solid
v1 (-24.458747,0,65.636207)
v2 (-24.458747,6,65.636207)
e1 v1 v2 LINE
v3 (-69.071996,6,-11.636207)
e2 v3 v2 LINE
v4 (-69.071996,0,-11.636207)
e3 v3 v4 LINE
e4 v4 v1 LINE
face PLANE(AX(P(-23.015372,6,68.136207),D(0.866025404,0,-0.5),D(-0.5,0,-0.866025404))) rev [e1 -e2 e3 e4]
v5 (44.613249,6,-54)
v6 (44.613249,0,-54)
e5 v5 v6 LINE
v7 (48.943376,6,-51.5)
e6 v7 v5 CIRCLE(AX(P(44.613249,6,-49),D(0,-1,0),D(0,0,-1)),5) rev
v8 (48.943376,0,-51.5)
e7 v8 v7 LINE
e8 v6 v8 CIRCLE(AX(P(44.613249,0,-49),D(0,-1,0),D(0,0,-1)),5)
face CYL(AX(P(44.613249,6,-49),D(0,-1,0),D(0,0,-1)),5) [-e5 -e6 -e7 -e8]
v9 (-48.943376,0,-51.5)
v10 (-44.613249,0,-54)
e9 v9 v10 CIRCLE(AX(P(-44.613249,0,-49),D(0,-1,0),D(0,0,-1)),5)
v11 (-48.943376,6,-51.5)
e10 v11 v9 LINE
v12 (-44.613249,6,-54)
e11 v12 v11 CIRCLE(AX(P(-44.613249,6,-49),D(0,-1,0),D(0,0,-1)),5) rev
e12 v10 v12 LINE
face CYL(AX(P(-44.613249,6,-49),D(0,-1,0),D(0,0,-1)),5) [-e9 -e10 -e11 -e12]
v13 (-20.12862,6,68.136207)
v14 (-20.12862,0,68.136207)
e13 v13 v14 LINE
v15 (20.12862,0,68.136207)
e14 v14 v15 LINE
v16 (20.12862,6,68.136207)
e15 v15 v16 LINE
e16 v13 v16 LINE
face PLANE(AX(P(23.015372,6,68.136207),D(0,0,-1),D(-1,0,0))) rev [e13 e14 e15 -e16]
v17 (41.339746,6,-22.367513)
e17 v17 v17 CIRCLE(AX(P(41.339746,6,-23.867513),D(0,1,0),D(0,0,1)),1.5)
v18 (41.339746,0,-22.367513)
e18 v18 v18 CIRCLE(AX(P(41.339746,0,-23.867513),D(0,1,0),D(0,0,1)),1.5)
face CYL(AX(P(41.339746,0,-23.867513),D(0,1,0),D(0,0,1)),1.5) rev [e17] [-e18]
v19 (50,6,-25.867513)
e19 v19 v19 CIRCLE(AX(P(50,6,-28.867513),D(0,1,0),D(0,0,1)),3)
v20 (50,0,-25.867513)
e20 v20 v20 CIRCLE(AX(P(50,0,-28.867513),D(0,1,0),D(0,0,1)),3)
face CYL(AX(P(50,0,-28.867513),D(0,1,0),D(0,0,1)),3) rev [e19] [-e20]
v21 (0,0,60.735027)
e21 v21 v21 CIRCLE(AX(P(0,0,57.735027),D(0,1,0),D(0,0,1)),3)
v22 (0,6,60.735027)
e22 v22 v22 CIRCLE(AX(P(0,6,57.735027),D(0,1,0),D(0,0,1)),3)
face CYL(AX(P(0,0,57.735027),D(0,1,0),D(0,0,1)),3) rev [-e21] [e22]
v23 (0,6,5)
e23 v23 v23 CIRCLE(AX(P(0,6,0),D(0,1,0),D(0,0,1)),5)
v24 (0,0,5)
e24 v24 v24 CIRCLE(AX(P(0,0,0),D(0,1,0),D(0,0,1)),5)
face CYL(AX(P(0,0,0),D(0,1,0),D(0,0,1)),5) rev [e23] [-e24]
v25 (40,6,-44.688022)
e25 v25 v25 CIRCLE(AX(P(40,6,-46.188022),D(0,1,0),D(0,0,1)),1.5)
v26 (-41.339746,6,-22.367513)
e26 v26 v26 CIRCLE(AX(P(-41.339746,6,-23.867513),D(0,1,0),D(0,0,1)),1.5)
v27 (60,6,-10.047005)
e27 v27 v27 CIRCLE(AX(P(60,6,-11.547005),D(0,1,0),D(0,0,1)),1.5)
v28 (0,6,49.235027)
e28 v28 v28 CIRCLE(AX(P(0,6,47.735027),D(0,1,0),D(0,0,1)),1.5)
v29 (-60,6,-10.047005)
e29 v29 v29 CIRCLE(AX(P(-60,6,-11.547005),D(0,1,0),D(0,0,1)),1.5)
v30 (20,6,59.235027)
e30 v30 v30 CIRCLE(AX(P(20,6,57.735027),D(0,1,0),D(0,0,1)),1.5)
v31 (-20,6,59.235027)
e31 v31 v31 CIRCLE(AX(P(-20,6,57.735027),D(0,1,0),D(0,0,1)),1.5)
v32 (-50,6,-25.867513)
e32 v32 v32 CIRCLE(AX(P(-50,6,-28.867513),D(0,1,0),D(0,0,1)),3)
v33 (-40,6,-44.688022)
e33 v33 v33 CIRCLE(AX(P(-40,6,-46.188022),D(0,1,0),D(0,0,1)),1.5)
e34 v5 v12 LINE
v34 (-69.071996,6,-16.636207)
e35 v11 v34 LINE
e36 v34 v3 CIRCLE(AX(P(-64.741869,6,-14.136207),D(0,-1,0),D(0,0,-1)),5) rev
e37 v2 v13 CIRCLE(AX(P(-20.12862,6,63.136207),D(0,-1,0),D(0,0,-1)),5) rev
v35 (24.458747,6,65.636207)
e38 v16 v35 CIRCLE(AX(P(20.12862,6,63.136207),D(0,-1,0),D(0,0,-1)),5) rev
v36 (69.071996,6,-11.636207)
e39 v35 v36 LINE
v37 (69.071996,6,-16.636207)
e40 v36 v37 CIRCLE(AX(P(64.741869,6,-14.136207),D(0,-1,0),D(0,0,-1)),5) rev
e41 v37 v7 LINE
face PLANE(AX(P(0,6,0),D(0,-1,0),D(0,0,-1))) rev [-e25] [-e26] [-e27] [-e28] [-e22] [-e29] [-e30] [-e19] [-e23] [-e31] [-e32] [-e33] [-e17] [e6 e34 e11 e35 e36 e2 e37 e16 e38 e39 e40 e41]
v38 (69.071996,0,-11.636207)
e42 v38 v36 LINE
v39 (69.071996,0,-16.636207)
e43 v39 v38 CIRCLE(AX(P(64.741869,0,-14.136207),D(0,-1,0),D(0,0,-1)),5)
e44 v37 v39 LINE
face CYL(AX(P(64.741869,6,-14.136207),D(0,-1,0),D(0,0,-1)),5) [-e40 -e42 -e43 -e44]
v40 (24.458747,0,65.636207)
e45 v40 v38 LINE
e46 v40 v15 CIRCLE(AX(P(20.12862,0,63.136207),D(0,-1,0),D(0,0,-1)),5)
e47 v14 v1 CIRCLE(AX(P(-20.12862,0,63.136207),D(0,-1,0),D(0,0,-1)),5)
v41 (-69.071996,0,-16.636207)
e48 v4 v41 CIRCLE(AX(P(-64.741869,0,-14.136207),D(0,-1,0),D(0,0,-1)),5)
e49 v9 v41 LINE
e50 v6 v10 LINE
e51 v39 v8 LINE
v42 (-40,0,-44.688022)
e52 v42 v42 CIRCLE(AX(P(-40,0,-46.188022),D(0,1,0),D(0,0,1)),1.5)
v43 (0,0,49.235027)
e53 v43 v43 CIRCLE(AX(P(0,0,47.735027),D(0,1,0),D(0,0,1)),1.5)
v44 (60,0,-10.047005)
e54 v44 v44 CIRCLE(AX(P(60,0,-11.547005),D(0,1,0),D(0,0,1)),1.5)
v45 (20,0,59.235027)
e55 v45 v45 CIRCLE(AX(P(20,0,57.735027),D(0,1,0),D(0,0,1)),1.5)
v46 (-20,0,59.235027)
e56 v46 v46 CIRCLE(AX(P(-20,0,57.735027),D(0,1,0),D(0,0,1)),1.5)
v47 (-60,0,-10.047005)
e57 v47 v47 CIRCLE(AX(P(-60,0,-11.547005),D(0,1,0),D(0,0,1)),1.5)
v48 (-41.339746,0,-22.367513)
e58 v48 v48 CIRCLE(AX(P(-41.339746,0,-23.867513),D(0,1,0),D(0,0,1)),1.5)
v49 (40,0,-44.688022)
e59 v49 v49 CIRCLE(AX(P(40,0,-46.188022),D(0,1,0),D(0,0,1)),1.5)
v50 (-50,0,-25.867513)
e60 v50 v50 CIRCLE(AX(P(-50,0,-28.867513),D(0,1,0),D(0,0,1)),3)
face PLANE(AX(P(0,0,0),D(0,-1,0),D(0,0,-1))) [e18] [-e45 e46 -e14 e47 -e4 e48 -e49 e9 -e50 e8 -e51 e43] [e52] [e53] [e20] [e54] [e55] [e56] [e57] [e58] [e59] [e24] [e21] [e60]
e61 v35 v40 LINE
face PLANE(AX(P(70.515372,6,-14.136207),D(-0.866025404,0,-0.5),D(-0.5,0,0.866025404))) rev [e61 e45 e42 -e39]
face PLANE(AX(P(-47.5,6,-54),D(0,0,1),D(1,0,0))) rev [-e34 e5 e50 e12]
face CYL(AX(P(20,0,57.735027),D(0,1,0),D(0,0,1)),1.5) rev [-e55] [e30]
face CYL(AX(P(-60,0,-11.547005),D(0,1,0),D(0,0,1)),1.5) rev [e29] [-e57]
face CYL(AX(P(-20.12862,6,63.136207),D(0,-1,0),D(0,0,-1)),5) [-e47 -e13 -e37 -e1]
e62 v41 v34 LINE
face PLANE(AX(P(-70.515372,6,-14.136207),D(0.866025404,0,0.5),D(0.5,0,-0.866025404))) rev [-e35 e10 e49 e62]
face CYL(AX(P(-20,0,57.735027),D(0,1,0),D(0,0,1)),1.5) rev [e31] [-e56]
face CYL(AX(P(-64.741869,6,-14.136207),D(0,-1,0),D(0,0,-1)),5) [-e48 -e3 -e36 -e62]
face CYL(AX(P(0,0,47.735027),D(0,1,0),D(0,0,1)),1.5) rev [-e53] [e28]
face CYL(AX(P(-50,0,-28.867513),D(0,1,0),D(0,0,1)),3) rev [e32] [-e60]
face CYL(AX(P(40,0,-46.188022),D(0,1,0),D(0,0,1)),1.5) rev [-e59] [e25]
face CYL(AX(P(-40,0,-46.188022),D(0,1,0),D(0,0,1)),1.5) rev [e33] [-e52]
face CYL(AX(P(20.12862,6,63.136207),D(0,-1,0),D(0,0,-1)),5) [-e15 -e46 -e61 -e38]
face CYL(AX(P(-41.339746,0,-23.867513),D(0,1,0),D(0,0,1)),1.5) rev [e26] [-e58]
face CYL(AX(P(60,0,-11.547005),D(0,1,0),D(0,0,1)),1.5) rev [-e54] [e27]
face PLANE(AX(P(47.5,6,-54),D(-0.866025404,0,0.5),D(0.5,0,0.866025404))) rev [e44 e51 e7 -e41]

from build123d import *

# Parameters (mm, degrees)
BOSS_EXTRUDE1_DEPTH = 6
SKETCH2_R           = 3
SKETCH2_R_2         = 1.5
CUT_EXTRUDE1_DEPTH  = 7
FILLET1_R           = 5
SKETCH4_R           = 5
CUT_EXTRUDE3_DEPTH  = 7


with BuildPart() as part:
    # Sketch1 → Boss-Extrude1 (new body)
    with BuildSketch(Plane(origin=(0, 0, 0), x_dir=(1, 0, 0), z_dir=(0, 1, 0))):
        Polygon((-47.5, 54), (47.5, 54), (70.515371804, 14.13620668), (23.015371804, -68.13620668), (-23.015371804, -68.13620668), (-70.515371804, 14.13620668), align=None)
    extrude(amount=BOSS_EXTRUDE1_DEPTH)

    # Sketch2 → Cut-Extrude1 (cut, through all)
    with BuildSketch(Plane(origin=(0, 6, 0), x_dir=(1, 0, 0), z_dir=(0, 1, 0))):
        with Locations((50, 28.867513459)):
            Circle(SKETCH2_R)
        with Locations((-50, 28.867513459)):
            Circle(SKETCH2_R)
        with Locations((0, -57.735026919)):
            Circle(SKETCH2_R)
        with Locations((-20, -57.735026919)):
            Circle(SKETCH2_R_2)
        with Locations((20, -57.735026919)):
            Circle(SKETCH2_R_2)
        with Locations((0, -47.735026919)):
            Circle(SKETCH2_R_2)
        with Locations((-60, 11.547005384)):
            Circle(SKETCH2_R_2)
        with Locations((-41.339745962, 23.867513459)):
            Circle(SKETCH2_R_2)
        with Locations((-40, 46.188021535)):
            Circle(SKETCH2_R_2)
        with Locations((40, 46.188021535)):
            Circle(SKETCH2_R_2)
        with Locations((41.339745962, 23.867513459)):
            Circle(SKETCH2_R_2)
        with Locations((60, 11.547005384)):
            Circle(SKETCH2_R_2)
    extrude(amount=-CUT_EXTRUDE1_DEPTH, mode=Mode.SUBTRACT)

    # Fillet1
    fillet1_edges = [part.edges().sort_by_distance(p)[0] for p in [
        (-47.5, 3, -54),
        (47.5, 3, -54),
        (70.515371804, 3, -14.13620668),
        (23.015371804, 3, 68.13620668),
        (-23.015371804, 3, 68.13620668),
        (-70.515371804, 3, -14.13620668),
    ]]
    fillet(fillet1_edges, radius=FILLET1_R)

    # Sketch4 → Cut-Extrude3 (cut, through all)
    with BuildSketch(Plane(origin=(0, 6, 0), x_dir=(1, 0, 0), z_dir=(0, 1, 0))):
        Circle(SKETCH4_R)
    extrude(amount=-CUT_EXTRUDE3_DEPTH, mode=Mode.SUBTRACT)


solid = part.part
